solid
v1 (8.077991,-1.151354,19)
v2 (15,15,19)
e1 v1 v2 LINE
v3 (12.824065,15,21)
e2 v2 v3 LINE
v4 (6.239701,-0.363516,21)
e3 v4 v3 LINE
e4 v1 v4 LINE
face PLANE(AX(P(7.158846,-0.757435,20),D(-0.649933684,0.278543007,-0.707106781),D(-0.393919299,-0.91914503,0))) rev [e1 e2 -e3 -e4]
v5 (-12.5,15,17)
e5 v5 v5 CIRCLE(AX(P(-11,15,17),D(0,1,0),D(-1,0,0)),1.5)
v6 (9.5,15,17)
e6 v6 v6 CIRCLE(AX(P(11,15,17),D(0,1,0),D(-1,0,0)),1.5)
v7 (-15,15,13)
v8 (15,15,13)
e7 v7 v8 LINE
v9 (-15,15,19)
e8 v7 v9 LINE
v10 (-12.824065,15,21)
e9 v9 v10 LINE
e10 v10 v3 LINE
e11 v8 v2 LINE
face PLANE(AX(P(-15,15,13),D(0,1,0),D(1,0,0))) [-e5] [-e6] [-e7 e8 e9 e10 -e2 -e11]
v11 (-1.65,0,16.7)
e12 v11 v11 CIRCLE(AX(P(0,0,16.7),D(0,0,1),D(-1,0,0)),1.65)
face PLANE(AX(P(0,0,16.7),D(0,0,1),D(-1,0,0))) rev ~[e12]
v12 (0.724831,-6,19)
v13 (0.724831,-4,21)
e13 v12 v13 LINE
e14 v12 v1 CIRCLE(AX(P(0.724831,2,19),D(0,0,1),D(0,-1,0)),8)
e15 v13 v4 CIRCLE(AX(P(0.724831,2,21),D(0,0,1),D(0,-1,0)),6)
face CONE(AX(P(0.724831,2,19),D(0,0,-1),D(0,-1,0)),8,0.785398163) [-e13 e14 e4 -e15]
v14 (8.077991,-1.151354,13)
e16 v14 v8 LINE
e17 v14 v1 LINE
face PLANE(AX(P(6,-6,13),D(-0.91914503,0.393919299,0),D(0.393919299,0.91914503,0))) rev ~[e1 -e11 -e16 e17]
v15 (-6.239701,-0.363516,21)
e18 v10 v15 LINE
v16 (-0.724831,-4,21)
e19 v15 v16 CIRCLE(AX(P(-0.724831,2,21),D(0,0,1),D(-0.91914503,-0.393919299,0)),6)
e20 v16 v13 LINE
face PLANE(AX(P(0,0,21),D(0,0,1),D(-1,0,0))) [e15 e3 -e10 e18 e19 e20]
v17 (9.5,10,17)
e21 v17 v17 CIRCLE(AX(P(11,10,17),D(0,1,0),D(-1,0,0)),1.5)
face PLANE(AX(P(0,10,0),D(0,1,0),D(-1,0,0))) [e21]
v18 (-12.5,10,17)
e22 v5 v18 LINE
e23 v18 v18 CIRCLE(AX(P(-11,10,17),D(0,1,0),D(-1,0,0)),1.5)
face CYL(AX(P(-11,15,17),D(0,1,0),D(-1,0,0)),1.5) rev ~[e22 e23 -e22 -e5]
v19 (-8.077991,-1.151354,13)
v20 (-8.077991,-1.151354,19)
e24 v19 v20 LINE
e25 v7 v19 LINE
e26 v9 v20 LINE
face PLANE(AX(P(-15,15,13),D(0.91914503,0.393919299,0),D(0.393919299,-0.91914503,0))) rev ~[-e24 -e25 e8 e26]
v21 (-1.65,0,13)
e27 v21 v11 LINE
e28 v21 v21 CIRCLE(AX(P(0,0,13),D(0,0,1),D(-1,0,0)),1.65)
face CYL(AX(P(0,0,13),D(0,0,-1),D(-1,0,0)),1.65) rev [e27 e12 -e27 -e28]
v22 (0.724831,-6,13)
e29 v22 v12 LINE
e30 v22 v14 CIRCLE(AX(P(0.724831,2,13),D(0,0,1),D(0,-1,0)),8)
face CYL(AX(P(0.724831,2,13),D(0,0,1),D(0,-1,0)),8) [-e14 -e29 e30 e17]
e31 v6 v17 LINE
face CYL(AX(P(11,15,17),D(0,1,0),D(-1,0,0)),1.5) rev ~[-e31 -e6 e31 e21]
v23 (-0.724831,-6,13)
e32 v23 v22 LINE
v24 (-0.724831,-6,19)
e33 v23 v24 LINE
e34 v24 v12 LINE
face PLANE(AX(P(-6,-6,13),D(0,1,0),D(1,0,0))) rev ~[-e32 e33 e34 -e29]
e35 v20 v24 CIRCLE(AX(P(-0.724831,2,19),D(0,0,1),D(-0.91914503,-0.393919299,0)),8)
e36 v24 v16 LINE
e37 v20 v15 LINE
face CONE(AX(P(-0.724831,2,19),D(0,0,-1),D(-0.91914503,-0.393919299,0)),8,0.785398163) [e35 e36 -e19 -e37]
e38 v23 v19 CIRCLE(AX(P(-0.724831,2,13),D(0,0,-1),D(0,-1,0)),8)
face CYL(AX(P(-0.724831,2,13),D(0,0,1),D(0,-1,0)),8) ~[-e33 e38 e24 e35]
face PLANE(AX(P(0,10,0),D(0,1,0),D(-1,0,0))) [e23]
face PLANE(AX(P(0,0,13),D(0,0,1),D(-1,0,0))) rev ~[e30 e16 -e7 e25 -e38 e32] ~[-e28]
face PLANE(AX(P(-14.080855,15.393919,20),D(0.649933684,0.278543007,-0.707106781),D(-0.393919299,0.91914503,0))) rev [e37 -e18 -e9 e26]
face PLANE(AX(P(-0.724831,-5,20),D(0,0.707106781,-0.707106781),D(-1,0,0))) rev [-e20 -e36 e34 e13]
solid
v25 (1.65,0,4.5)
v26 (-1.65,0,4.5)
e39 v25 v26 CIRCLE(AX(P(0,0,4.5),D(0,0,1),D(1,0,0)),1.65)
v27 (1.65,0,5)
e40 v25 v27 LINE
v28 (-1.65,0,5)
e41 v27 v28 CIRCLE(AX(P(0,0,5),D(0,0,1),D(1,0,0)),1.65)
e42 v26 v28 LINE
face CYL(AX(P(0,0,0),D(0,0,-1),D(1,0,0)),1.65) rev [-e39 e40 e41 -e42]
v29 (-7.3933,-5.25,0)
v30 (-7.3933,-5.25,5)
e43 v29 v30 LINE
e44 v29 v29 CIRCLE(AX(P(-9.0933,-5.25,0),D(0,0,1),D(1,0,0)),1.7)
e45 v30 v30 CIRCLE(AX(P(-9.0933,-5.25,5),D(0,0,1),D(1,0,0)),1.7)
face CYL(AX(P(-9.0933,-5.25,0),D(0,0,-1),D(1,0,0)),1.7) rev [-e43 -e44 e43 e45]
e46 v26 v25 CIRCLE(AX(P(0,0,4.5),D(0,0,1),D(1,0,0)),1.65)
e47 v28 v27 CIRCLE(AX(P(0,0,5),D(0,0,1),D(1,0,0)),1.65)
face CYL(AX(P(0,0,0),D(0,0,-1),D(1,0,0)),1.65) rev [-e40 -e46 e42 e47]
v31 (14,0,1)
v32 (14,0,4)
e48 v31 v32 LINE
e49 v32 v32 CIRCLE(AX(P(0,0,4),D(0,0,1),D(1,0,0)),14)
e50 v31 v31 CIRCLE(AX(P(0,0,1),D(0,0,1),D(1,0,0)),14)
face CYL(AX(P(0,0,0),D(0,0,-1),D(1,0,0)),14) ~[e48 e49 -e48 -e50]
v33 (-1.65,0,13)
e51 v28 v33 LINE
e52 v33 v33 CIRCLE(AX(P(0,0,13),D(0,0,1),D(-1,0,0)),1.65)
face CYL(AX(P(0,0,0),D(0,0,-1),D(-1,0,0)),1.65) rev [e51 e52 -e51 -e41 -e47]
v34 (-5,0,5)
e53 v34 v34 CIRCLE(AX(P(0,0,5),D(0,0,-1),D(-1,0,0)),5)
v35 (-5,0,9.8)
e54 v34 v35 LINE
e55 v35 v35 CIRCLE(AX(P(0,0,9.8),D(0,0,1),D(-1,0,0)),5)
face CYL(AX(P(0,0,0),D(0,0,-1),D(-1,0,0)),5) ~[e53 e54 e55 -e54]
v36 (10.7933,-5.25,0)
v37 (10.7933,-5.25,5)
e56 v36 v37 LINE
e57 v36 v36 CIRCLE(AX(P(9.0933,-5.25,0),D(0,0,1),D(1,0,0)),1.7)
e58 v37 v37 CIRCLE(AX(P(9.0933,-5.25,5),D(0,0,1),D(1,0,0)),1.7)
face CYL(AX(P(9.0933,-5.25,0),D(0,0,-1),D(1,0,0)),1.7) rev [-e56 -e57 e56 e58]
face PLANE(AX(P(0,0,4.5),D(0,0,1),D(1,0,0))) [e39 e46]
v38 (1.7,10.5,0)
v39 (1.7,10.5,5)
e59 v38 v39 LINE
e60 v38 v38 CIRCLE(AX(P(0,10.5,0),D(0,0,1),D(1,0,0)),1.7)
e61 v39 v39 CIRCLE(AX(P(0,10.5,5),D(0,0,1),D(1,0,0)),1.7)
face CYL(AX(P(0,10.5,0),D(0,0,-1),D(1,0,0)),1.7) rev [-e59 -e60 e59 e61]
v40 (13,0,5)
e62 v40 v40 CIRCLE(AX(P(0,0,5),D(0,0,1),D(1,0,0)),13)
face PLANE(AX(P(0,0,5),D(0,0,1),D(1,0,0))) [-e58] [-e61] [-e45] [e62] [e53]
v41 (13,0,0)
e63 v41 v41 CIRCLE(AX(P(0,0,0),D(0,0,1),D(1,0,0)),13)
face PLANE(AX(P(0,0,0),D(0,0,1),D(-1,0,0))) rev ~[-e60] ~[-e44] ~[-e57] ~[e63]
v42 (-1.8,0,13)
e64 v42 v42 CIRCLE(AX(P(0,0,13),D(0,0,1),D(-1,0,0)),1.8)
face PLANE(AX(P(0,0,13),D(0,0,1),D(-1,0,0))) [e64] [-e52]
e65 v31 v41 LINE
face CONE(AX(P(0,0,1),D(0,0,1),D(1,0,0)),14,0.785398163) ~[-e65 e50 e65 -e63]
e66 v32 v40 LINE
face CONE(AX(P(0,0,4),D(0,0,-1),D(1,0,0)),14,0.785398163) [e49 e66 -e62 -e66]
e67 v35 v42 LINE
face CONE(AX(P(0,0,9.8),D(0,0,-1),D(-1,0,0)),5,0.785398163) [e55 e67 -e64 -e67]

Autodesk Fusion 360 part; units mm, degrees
sketch "Sketch1" plane through (0, 0, 0) normal (0, 0, 1) x (1, 0, 0)
  circle A0 centre (0, 0) radius 14
  circle A1 centre (0, 0) radius 1.65
  circle A2 centre (0, 0) radius 10.5 construction
  circle A3 centre (0, 10.5) radius 1.7
  line L0 (0, 10.5) -> (0, 0) construction
  circle A4 centre (-9.0933, -5.25) radius 1.7
  circle A5 centre (9.0933, -5.25) radius 1.7
  dimension "d1" = 28
  dimension "d2" = 3.3
  dimension "d3" = 21
  dimension "d4" = 3.4
  dimension "d6" = 360
extrude "Extrude1" add sketch "Sketch1" along normal blind 5 makes body 1
chamfer "Chamfer1" distance 1 angle 45 2 edges at (-13.0526, -5.0626, 5) (-13.0526, -5.0626, 0) on bodies 1
extrude "Extrude2" add sketch "Sketch1" along normal blind 4.5 contours A1 bodies 1
sketch "Sketch3" plane through (0, 0, 5) normal (0, 0, 1) x (-1, 0, 0)
  circle A0 centre (9.0933, 5.25) radius 1.7
  circle A1 centre (0, -10.5) radius 1.7
  circle A2 centre (-9.0933, 5.25) radius 1.7
  circle A3 centre (0, 0) radius 1.65
  circle A4 centre (0, 0) radius 13
  circle A5 centre (0, 0) radius 5
  dimension "d13" = 10
extrude "Extrude3" add sketch "Sketch3" along normal blind 13 from surface at -5 contours A5 bodies 1
chamfer "Chamfer3" distance 3.2 angle 45 1 edges at (4.6616, 1.8081, 13) on bodies 1
sketch "Sketch4" plane through (0, 0, 13) normal (0, 0, 1) x (-1, 0, 0)
  circle A0 centre (0, 0) radius 1.65
  circle A1 centre (0, 0) radius 1.8
  line L0 (6, 6) -> (-6, 6)
  line L1 (-6, 6) -> (-6, -6)
  line L2 (-6, -6) -> (6, -6)
  line L3 (6, -6) -> (6, 6)
  line L4 (6, 6) -> (-6, -6) construction
  line L5 (-6, 6) -> (6, -6) construction
  line L6 (0, 0) -> (0, -15) construction
  line L7 (15, -15) -> (-15, -15)
  line L8 (15, -15) -> (6, 6)
  line L9 (-6, 6) -> (-15, -15)
  dimension "d18" = 12
  dimension "d19" = 12
  dimension "d23" = 15
  dimension "d24" = 30
extrude "Extrude4" add sketch "Sketch4" along normal blind 8 separate body contours A0 | A1 | L0 L1 L2 L3 | L1 L2 L3 L7 L8 L9 makes body 2
fillet "Fillet1" radius 8 2 edges at (-6, -6, 17) (6, -6, 17) on bodies 2
extrude "Extrude5" cut sketch "Sketch4" along normal blind 3.7 contours A0 bodies 2
sketch "Sketch5" plane through (0, 15, 0) normal (0, 1, 0) x (-1, 0, 0)
  line L0 (-15, 21) -> (-15, 13)
  line L1 (-15, 13) -> (15, 13)
  line L2 (15, 13) -> (15, 21)
  line L3 (15, 21) -> (-15, 21)
  circle A0 centre (-11, 17) radius 1.5
  line L4 (0, 20) -> (0, 2.5)
  circle A1 centre (11, 17) radius 1.5
  dimension "d33" = 3
  dimension "d36" = 4
  dimension "d37" = 4
extrude "Extrude6" cut sketch "Sketch5" against normal blind 5 contours A0 | A1 bodies 2
chamfer "Chamfer4" distance 2 angle 45 3 edges at (11.539, 6.9243, 21) (-11.539, 6.9243, 21) (5.1288, -4.6787, 21) on bodies 2
